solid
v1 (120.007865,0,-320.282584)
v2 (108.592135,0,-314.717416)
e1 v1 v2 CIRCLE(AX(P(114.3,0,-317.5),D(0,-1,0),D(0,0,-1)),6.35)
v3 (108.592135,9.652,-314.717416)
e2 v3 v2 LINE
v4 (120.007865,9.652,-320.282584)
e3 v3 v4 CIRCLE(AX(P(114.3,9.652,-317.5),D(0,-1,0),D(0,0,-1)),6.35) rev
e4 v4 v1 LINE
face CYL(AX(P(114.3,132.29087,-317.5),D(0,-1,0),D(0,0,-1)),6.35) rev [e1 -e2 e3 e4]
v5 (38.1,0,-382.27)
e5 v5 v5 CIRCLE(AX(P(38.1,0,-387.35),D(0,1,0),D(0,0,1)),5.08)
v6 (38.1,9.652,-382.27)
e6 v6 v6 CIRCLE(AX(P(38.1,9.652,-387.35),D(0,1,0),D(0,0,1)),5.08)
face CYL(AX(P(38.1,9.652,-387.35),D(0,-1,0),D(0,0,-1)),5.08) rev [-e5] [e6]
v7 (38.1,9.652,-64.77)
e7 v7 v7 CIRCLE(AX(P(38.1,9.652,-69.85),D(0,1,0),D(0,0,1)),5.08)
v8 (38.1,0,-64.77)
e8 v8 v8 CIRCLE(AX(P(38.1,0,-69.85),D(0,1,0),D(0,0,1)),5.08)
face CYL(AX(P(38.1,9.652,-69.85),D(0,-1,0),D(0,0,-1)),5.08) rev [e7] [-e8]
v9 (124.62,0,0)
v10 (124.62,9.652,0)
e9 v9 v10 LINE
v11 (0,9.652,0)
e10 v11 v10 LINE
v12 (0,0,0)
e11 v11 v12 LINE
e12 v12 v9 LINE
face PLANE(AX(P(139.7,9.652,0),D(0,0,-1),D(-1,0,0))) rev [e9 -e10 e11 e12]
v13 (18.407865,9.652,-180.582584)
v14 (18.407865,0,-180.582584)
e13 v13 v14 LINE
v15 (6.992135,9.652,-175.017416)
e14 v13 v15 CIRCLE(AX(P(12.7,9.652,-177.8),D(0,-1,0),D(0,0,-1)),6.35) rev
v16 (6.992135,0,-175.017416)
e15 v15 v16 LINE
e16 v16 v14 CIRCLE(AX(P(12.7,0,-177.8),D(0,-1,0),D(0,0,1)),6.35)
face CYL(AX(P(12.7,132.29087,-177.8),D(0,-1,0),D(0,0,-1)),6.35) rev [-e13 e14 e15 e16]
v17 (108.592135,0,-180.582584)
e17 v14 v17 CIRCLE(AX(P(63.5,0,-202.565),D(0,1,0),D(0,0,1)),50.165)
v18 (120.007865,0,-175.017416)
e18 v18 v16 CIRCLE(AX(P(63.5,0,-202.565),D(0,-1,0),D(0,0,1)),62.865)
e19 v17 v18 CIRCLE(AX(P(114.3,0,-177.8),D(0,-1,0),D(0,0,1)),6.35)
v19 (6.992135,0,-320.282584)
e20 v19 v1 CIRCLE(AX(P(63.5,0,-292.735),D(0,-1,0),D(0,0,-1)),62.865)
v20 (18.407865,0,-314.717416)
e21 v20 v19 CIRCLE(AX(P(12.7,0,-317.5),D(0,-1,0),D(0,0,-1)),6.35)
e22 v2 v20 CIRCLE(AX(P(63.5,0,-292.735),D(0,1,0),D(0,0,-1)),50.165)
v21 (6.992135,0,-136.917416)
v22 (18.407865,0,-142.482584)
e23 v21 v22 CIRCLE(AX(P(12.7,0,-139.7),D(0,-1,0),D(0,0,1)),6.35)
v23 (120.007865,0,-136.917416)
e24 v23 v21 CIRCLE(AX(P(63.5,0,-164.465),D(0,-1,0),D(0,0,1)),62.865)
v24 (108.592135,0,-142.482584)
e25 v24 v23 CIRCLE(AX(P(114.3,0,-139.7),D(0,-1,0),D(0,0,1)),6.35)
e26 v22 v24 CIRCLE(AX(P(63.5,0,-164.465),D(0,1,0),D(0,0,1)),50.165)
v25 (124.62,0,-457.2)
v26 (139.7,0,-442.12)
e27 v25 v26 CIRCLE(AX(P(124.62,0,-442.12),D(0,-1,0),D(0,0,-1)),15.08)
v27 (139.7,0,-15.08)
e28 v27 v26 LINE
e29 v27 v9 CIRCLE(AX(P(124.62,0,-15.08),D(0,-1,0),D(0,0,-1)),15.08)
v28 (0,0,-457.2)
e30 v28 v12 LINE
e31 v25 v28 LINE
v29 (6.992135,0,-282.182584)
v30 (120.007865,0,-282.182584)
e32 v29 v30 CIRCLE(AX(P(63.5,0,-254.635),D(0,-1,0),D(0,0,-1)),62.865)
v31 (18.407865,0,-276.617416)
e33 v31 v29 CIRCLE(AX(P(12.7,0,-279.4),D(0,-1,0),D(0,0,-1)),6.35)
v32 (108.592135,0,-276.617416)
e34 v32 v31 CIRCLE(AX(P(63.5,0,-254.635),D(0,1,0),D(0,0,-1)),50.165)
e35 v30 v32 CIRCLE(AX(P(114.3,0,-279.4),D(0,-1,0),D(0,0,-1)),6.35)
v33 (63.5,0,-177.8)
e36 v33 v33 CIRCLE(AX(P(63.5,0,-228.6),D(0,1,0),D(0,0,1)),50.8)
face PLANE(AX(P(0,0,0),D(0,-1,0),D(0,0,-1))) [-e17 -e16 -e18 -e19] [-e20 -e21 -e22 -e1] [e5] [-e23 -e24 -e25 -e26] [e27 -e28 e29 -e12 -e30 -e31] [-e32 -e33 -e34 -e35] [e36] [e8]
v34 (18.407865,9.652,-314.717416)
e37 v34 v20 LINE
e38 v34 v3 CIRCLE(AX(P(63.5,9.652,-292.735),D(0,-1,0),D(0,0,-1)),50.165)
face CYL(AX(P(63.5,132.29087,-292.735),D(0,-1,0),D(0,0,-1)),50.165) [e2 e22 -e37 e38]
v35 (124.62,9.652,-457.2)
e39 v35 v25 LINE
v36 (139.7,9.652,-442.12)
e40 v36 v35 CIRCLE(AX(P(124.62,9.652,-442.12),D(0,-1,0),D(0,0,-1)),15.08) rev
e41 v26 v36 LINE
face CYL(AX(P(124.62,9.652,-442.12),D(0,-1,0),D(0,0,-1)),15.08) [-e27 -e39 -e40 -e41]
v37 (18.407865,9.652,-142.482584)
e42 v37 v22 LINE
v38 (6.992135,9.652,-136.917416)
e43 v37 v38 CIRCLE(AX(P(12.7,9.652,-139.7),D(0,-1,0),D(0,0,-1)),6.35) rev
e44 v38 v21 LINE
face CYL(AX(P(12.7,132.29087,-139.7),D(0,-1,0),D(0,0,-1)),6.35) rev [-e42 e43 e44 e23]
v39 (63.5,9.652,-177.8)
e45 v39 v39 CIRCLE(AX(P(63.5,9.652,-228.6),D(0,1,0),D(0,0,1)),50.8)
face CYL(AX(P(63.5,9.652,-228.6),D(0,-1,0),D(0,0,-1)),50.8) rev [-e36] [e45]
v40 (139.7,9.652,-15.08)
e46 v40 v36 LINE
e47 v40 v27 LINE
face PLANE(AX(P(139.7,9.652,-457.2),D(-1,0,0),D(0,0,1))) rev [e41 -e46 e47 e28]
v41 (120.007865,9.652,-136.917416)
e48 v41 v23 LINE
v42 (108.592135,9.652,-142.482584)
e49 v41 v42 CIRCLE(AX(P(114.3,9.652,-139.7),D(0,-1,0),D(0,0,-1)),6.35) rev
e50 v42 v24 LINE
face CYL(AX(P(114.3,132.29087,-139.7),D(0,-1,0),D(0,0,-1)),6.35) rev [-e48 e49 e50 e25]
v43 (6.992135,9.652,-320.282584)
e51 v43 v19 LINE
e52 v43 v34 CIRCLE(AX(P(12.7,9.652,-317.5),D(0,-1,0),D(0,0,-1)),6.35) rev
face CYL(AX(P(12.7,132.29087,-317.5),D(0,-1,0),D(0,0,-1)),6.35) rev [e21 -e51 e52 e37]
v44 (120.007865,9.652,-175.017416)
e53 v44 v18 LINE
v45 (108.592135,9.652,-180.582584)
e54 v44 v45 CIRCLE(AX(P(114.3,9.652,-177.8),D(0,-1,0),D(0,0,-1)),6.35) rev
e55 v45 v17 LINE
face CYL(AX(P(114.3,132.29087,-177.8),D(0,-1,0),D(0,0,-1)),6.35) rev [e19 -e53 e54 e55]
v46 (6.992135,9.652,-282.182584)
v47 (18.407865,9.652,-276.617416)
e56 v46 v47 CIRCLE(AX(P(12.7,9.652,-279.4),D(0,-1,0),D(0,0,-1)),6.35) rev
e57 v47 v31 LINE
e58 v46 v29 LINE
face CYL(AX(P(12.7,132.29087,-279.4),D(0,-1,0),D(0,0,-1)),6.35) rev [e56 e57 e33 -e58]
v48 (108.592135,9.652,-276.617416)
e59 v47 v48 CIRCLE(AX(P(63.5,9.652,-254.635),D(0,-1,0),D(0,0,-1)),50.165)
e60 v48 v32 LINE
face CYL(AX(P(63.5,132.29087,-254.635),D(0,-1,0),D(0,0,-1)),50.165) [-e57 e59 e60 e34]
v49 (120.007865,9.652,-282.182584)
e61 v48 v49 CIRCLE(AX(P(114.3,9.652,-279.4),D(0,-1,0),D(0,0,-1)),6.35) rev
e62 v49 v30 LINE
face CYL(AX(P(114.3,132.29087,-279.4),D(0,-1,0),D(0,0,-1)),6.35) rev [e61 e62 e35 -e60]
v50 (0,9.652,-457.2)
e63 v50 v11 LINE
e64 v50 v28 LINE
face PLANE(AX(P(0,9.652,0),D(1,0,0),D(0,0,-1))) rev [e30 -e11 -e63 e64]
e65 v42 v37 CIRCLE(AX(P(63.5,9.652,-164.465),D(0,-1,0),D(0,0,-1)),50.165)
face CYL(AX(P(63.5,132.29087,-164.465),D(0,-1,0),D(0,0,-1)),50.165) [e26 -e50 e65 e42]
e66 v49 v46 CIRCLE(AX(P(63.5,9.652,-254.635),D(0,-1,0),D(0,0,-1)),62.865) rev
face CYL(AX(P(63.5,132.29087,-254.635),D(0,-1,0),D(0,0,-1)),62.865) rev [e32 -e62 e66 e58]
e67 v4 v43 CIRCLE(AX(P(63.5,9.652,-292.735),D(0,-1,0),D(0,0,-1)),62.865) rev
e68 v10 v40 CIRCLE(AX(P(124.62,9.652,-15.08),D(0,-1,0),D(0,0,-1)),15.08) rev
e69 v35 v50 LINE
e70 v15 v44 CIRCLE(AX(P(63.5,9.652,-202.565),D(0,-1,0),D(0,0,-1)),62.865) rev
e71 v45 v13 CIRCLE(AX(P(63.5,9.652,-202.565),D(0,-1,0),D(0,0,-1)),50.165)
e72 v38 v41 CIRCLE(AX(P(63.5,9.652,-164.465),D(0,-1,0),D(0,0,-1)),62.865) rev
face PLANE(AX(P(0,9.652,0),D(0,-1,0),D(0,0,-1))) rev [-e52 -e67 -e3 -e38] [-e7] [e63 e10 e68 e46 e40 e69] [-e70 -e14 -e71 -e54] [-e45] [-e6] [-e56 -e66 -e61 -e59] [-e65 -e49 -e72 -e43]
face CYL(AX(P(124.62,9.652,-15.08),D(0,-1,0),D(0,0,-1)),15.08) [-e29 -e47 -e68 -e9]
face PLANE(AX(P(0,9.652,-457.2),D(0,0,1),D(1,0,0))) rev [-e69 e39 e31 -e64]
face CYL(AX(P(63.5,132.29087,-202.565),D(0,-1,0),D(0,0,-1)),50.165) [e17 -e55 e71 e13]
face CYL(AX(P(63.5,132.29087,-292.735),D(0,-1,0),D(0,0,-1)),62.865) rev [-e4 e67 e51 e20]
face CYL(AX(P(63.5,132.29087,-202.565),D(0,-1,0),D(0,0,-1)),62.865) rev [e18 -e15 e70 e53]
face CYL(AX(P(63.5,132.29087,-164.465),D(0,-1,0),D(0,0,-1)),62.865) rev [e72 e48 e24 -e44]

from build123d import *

# Parameters (mm, degrees)
SKETCH1_W           = 139.7
SKETCH1_H           = 457.2
SKETCH1_R           = 50.8
SKETCH1_R_2         = 5.08
BOSS_EXTRUDE1_DEPTH = 9.652
FILLET1_R           = 15.08
CUT_EXTRUDE1_DEPTH  = 9.652


with BuildPart() as part:
    # Sketch1 → Boss-Extrude1 (new body)
    with BuildSketch(Plane(origin=(0, 0, 0), x_dir=(1, 0, 0), z_dir=(0, 1, 0))):
        with Locations((69.85, 228.6)):
            Rectangle(SKETCH1_W, SKETCH1_H)
        with Locations((63.5, 228.6)):
            Circle(SKETCH1_R, mode=Mode.SUBTRACT)
        with Locations((38.1, 69.85)):
            Circle(SKETCH1_R_2, mode=Mode.SUBTRACT)
        with Locations((38.1, 387.35)):
            Circle(SKETCH1_R_2, mode=Mode.SUBTRACT)
    extrude(amount=BOSS_EXTRUDE1_DEPTH)

    # Fillet1
    fillet1_edges = [part.edges().sort_by_distance(p)[0] for p in [
        (139.7, 4.826, -457.2),
        (139.7, 4.826, 0),
    ]]
    fillet(fillet1_edges, radius=FILLET1_R)

    # Sketch3 → Cut-Extrude1 (cut)
    with BuildSketch(Plane.XZ):
        with BuildLine():
            ThreePointArc((18.407865169, -314.71741573), (63.5, -342.9), (108.592134831, -314.71741573))
            ThreePointArc((108.592134831, -314.71741573), (117.08258427, -311.792134831), (120.007865169, -320.28258427))
            ThreePointArc((120.007865169, -320.28258427), (63.5, -355.6), (6.992134831, -320.28258427))
            ThreePointArc((6.992134831, -320.28258427), (9.91741573, -311.792134831), (18.407865169, -314.71741573))
        make_face()
        with BuildLine():
            ThreePointArc((6.992134831, -282.18258427), (63.5, -317.5), (120.007865169, -282.18258427))
            ThreePointArc((120.007865169, -282.18258427), (117.08258427, -273.692134831), (108.592134831, -276.61741573))
            ThreePointArc((108.592134831, -276.61741573), (63.5, -304.8), (18.407865169, -276.61741573))
            ThreePointArc((18.407865169, -276.61741573), (9.91741573, -273.692134831), (6.992134831, -282.18258427))
        make_face()
        with BuildLine():
            ThreePointArc((6.992134831, -136.91741573), (63.5, -101.6), (120.007865169, -136.91741573))
            ThreePointArc((120.007865169, -136.91741573), (117.08258427, -145.407865169), (108.592134831, -142.48258427))
            ThreePointArc((108.592134831, -142.48258427), (63.5, -114.3), (18.407865169, -142.48258427))
            ThreePointArc((18.407865169, -142.48258427), (9.91741573, -145.407865169), (6.992134831, -136.91741573))
        make_face()
        with BuildLine():
            ThreePointArc((6.992134831, -175.01741573), (63.5, -139.7), (120.007865169, -175.01741573))
            ThreePointArc((120.007865169, -175.01741573), (117.08258427, -183.507865169), (108.592134831, -180.58258427))
            ThreePointArc((108.592134831, -180.58258427), (63.5, -152.4), (18.407865169, -180.58258427))
            ThreePointArc((18.407865169, -180.58258427), (9.91741573, -183.507865169), (6.992134831, -175.01741573))
        make_face()
    extrude(amount=-CUT_EXTRUDE1_DEPTH, mode=Mode.SUBTRACT)


solid = part.part
